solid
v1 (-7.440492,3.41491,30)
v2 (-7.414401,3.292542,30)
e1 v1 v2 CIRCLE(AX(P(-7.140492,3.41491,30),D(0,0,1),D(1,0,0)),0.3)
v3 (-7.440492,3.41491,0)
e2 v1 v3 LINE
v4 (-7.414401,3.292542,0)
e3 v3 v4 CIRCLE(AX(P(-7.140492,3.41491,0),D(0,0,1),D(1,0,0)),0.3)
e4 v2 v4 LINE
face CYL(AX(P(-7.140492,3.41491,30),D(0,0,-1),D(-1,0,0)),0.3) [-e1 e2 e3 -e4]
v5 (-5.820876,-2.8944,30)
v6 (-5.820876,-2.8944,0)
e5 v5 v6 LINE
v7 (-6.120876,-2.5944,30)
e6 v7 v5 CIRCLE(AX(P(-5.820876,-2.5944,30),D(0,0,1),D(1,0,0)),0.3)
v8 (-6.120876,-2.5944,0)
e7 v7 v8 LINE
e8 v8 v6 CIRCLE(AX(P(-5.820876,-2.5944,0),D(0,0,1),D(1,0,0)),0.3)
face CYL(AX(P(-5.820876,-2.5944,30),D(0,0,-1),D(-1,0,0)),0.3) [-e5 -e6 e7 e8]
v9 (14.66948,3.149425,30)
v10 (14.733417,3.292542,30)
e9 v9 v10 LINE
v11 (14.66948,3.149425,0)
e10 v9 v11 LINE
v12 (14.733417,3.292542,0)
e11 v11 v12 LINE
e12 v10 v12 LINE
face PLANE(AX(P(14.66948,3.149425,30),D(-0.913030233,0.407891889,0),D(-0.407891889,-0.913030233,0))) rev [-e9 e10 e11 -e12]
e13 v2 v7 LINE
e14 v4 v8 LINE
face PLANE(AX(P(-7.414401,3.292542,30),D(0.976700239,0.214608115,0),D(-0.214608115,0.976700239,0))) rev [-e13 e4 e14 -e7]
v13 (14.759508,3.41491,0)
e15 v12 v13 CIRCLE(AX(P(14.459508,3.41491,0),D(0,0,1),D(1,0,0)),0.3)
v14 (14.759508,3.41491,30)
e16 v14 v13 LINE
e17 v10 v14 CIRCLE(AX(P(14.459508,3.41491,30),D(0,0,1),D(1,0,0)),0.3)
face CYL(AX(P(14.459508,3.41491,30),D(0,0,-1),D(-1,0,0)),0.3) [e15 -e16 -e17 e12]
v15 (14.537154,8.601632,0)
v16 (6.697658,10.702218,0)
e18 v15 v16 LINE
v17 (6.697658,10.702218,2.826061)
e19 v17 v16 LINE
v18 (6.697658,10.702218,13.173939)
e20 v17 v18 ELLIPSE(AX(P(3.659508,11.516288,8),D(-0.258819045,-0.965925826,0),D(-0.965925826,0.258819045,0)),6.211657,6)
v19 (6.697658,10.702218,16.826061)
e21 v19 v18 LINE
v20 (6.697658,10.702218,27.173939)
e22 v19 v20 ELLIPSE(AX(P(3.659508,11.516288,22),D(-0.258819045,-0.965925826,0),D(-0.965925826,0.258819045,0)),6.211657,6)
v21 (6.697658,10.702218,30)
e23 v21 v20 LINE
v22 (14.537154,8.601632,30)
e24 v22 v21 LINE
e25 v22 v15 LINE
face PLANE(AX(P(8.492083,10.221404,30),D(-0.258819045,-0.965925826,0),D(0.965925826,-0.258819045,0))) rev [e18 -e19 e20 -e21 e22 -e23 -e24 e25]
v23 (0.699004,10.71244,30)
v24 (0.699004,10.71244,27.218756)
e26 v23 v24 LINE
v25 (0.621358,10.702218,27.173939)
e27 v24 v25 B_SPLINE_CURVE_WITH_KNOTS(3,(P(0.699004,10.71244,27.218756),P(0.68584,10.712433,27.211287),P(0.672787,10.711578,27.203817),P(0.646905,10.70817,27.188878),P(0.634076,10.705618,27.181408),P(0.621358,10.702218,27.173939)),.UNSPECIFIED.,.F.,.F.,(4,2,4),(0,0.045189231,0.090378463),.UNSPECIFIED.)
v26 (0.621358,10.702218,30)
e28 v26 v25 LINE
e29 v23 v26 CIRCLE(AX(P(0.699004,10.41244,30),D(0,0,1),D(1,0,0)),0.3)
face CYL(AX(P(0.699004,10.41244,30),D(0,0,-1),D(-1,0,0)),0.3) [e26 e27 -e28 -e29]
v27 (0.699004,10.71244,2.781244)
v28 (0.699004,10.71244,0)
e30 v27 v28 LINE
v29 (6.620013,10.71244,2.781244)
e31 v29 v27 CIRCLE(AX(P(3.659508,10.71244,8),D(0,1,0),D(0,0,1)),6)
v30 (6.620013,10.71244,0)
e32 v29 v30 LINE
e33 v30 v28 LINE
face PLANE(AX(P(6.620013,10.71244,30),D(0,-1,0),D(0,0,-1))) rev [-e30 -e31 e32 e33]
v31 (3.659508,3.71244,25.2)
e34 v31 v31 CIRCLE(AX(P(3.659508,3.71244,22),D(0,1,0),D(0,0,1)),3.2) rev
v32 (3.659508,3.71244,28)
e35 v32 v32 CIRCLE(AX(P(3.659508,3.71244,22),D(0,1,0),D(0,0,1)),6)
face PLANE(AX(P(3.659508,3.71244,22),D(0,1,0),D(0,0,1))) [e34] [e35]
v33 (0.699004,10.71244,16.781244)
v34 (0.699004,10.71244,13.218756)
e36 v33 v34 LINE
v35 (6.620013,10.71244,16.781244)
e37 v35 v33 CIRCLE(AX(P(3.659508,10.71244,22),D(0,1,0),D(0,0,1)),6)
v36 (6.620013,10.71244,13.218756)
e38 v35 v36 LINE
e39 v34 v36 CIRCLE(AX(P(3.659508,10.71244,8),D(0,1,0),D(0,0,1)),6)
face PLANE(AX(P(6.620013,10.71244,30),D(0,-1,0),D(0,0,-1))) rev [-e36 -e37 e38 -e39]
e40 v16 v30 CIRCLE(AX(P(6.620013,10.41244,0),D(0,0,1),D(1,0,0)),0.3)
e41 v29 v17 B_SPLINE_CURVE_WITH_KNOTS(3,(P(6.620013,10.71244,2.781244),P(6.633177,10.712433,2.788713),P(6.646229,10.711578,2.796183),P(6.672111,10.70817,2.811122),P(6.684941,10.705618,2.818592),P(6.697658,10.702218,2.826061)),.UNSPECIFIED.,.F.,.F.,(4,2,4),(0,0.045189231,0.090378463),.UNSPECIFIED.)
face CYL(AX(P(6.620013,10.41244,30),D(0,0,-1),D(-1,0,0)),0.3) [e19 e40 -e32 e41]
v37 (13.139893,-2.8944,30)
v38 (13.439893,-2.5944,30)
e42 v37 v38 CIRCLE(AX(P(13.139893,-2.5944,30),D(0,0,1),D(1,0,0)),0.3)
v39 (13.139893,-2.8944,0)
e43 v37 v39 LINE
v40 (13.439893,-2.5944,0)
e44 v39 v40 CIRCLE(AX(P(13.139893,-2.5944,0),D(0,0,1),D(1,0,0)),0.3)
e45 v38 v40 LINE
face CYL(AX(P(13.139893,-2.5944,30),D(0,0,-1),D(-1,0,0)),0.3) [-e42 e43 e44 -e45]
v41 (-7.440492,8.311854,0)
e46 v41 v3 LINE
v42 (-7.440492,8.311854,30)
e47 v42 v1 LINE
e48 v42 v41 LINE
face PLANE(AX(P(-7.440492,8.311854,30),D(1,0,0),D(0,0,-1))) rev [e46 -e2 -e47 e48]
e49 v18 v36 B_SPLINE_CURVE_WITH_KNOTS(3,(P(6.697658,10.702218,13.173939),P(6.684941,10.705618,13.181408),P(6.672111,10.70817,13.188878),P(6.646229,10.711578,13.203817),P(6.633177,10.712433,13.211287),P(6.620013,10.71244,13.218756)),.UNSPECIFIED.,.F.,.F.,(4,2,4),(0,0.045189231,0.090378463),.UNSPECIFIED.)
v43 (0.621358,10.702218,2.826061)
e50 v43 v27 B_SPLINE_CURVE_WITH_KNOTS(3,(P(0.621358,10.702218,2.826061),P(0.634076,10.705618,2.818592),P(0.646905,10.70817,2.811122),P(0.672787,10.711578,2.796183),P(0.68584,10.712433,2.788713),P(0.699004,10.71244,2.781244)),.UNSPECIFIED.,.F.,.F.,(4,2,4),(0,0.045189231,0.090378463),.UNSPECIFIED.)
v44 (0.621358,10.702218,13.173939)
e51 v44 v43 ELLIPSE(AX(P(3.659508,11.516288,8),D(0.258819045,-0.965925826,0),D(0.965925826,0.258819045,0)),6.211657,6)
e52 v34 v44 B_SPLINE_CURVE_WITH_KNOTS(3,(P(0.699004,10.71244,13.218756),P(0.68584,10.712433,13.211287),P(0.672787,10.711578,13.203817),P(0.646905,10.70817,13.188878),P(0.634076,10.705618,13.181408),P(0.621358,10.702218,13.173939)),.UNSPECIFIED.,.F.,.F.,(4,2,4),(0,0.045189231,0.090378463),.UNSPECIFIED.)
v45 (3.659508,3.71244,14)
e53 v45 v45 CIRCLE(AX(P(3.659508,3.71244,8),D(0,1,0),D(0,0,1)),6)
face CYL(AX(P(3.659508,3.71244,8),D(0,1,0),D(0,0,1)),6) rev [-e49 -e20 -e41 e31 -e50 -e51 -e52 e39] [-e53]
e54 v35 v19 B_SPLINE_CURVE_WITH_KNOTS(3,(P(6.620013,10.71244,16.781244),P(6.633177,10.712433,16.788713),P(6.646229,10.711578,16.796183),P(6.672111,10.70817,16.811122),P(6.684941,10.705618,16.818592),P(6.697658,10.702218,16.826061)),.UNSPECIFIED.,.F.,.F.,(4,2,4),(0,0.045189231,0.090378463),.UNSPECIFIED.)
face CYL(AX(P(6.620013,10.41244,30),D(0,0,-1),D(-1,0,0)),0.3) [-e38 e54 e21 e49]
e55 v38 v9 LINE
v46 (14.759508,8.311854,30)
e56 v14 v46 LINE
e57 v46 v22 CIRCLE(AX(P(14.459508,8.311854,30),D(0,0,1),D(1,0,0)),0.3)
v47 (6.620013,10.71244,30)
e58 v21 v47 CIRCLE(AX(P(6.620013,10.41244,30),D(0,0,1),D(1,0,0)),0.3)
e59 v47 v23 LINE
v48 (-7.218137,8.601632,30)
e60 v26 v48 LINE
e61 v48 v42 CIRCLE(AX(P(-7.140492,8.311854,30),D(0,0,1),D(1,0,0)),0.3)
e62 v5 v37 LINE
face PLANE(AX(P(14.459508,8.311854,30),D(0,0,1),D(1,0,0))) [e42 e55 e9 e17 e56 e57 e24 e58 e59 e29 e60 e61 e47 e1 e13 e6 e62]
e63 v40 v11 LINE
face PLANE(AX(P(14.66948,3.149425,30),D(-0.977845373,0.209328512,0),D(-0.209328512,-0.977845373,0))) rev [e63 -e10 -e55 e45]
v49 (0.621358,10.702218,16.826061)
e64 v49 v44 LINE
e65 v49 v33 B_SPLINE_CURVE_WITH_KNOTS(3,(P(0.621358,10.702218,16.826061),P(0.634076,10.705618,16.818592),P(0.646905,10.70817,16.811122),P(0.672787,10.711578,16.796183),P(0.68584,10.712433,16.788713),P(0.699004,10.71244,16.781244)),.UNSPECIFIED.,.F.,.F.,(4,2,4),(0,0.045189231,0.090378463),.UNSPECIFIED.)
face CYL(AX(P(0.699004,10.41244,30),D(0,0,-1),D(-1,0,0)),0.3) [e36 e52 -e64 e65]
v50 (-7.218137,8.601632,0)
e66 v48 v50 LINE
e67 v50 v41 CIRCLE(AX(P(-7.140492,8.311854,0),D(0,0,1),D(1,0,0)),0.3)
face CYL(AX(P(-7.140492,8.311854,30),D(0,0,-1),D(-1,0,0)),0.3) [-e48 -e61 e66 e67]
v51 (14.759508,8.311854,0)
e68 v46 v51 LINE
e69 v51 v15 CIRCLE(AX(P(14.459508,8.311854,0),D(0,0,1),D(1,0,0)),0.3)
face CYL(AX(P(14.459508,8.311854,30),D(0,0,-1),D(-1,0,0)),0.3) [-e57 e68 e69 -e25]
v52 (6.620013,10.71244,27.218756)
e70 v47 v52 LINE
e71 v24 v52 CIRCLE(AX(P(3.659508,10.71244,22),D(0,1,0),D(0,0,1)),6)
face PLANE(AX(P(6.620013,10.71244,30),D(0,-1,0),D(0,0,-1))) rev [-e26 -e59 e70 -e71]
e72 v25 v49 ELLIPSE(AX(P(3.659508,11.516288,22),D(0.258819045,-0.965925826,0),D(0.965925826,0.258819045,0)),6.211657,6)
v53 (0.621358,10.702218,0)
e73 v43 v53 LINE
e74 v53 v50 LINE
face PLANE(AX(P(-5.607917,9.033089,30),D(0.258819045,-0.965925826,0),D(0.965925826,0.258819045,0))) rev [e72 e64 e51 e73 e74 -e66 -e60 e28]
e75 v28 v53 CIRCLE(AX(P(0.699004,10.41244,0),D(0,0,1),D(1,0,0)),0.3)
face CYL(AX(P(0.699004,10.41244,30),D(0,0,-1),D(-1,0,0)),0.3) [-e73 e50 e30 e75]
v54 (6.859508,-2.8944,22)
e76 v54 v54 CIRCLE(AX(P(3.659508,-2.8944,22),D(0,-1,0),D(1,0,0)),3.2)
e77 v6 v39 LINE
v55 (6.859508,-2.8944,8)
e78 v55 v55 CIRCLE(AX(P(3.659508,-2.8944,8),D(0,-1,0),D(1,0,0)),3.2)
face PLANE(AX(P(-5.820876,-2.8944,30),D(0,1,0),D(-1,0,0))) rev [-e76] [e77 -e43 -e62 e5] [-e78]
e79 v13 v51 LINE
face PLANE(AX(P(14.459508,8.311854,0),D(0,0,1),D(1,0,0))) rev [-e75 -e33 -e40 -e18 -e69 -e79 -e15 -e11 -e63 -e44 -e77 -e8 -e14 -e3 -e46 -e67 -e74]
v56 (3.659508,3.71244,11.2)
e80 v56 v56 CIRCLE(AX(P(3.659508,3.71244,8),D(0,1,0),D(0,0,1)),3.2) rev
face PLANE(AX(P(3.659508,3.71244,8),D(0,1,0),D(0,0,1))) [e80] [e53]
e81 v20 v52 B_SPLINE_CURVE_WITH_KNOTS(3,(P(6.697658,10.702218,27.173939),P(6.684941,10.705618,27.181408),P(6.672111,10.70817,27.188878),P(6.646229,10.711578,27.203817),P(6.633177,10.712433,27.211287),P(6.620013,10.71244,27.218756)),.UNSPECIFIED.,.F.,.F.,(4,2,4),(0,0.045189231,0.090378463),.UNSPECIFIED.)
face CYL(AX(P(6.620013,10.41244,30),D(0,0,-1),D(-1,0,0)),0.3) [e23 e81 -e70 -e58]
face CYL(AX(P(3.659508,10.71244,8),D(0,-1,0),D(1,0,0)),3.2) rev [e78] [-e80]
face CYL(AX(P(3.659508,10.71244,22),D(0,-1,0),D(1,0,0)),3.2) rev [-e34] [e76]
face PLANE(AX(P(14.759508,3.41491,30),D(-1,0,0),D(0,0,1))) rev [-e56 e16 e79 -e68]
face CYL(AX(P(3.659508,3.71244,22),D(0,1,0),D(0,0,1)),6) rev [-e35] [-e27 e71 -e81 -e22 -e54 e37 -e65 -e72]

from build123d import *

# Parameters (mm, degrees)
BOSS_EXTRUDE1_DEPTH = 30
SKETCH2_R           = 3.2
CUT_EXTRUDE3_DEPTH  = 37.096941552
SKETCH4_R           = 6
CUT_EXTRUDE4_DEPTH  = 7


with BuildPart() as part:
    # Sketch1 → Boss-Extrude1 (new body)
    with BuildSketch(Plane.XY):
        with BuildLine():
            Line((-5.607917396, 9.03308876), (-1.173065904, 10.221403636))
            Line((-1.173065904, 10.221403636), (0.621358385, 10.702218175))
            ThreePointArc((0.621358385, 10.702218175), (0.659846241, 10.709873886), (0.699004099, 10.712440427))
            Line((0.699004099, 10.712440427), (6.6200126, 10.712440427))
            ThreePointArc((6.6200126, 10.712440427), (6.659170458, 10.709873886), (6.697658314, 10.702218175))
            Line((6.697658314, 10.702218175), (8.492082604, 10.221403636))
            Line((8.492082604, 10.221403636), (12.926934096, 9.03308876))
            Line((12.926934096, 9.03308876), (14.537154063, 8.60163162))
            ThreePointArc((14.537154063, 8.60163162), (14.697514352, 8.494482301), (14.75950835, 8.311853872))
            Line((14.75950835, 8.311853872), (14.75950835, 3.414909596))
            ThreePointArc((14.75950835, 3.414909596), (14.752913122, 3.352350508), (14.73341742, 3.29254203))
            Line((14.73341742, 3.29254203), (14.669480377, 3.149424564))
            Line((14.669480377, 3.149424564), (13.439893107, -2.594399862))
            ThreePointArc((13.439893107, -2.594399862), (13.352025142, -2.806531896), (13.139893107, -2.894399862))
            Line((13.139893107, -2.894399862), (-5.820876408, -2.894399862))
            ThreePointArc((-5.820876408, -2.894399862), (-6.033008442, -2.806531896), (-6.120876408, -2.594399862))
            Line((-6.120876408, -2.594399862), (-7.41440072, 3.29254203))
            ThreePointArc((-7.41440072, 3.29254203), (-7.433896423, 3.352350508), (-7.44049165, 3.414909596))
            Line((-7.44049165, 3.414909596), (-7.44049165, 8.311853872))
            ThreePointArc((-7.44049165, 8.311853872), (-7.378497652, 8.494482301), (-7.218137364, 8.60163162))
            Line((-7.218137364, 8.60163162), (-5.607917396, 9.03308876))
        make_face()
    extrude(amount=BOSS_EXTRUDE1_DEPTH)

    # Sketch2 → Cut-Extrude3 (cut, through all)
    with BuildSketch(Plane.XZ.offset(2.894399862)):
        with Locations((3.65950835, 22)):
            Circle(SKETCH2_R)
        with Locations((3.65950835, 8)):
            Circle(SKETCH2_R)
    extrude(amount=-CUT_EXTRUDE3_DEPTH, mode=Mode.SUBTRACT)

    # Sketch4 → Cut-Extrude4 (cut)
    with BuildSketch(Plane(origin=(0, 10.712440427, 0), x_dir=(1, 0, 0), z_dir=(0, 1, 0))):
        with Locations(Location((3.65950835, -8, 0), (0, 0, 270))):
            Circle(SKETCH4_R)
        with Locations(Location((3.65950835, -22, 0), (0, 0, 270))):
            Circle(SKETCH4_R)
    extrude(amount=-CUT_EXTRUDE4_DEPTH, mode=Mode.SUBTRACT)


solid = part.part
